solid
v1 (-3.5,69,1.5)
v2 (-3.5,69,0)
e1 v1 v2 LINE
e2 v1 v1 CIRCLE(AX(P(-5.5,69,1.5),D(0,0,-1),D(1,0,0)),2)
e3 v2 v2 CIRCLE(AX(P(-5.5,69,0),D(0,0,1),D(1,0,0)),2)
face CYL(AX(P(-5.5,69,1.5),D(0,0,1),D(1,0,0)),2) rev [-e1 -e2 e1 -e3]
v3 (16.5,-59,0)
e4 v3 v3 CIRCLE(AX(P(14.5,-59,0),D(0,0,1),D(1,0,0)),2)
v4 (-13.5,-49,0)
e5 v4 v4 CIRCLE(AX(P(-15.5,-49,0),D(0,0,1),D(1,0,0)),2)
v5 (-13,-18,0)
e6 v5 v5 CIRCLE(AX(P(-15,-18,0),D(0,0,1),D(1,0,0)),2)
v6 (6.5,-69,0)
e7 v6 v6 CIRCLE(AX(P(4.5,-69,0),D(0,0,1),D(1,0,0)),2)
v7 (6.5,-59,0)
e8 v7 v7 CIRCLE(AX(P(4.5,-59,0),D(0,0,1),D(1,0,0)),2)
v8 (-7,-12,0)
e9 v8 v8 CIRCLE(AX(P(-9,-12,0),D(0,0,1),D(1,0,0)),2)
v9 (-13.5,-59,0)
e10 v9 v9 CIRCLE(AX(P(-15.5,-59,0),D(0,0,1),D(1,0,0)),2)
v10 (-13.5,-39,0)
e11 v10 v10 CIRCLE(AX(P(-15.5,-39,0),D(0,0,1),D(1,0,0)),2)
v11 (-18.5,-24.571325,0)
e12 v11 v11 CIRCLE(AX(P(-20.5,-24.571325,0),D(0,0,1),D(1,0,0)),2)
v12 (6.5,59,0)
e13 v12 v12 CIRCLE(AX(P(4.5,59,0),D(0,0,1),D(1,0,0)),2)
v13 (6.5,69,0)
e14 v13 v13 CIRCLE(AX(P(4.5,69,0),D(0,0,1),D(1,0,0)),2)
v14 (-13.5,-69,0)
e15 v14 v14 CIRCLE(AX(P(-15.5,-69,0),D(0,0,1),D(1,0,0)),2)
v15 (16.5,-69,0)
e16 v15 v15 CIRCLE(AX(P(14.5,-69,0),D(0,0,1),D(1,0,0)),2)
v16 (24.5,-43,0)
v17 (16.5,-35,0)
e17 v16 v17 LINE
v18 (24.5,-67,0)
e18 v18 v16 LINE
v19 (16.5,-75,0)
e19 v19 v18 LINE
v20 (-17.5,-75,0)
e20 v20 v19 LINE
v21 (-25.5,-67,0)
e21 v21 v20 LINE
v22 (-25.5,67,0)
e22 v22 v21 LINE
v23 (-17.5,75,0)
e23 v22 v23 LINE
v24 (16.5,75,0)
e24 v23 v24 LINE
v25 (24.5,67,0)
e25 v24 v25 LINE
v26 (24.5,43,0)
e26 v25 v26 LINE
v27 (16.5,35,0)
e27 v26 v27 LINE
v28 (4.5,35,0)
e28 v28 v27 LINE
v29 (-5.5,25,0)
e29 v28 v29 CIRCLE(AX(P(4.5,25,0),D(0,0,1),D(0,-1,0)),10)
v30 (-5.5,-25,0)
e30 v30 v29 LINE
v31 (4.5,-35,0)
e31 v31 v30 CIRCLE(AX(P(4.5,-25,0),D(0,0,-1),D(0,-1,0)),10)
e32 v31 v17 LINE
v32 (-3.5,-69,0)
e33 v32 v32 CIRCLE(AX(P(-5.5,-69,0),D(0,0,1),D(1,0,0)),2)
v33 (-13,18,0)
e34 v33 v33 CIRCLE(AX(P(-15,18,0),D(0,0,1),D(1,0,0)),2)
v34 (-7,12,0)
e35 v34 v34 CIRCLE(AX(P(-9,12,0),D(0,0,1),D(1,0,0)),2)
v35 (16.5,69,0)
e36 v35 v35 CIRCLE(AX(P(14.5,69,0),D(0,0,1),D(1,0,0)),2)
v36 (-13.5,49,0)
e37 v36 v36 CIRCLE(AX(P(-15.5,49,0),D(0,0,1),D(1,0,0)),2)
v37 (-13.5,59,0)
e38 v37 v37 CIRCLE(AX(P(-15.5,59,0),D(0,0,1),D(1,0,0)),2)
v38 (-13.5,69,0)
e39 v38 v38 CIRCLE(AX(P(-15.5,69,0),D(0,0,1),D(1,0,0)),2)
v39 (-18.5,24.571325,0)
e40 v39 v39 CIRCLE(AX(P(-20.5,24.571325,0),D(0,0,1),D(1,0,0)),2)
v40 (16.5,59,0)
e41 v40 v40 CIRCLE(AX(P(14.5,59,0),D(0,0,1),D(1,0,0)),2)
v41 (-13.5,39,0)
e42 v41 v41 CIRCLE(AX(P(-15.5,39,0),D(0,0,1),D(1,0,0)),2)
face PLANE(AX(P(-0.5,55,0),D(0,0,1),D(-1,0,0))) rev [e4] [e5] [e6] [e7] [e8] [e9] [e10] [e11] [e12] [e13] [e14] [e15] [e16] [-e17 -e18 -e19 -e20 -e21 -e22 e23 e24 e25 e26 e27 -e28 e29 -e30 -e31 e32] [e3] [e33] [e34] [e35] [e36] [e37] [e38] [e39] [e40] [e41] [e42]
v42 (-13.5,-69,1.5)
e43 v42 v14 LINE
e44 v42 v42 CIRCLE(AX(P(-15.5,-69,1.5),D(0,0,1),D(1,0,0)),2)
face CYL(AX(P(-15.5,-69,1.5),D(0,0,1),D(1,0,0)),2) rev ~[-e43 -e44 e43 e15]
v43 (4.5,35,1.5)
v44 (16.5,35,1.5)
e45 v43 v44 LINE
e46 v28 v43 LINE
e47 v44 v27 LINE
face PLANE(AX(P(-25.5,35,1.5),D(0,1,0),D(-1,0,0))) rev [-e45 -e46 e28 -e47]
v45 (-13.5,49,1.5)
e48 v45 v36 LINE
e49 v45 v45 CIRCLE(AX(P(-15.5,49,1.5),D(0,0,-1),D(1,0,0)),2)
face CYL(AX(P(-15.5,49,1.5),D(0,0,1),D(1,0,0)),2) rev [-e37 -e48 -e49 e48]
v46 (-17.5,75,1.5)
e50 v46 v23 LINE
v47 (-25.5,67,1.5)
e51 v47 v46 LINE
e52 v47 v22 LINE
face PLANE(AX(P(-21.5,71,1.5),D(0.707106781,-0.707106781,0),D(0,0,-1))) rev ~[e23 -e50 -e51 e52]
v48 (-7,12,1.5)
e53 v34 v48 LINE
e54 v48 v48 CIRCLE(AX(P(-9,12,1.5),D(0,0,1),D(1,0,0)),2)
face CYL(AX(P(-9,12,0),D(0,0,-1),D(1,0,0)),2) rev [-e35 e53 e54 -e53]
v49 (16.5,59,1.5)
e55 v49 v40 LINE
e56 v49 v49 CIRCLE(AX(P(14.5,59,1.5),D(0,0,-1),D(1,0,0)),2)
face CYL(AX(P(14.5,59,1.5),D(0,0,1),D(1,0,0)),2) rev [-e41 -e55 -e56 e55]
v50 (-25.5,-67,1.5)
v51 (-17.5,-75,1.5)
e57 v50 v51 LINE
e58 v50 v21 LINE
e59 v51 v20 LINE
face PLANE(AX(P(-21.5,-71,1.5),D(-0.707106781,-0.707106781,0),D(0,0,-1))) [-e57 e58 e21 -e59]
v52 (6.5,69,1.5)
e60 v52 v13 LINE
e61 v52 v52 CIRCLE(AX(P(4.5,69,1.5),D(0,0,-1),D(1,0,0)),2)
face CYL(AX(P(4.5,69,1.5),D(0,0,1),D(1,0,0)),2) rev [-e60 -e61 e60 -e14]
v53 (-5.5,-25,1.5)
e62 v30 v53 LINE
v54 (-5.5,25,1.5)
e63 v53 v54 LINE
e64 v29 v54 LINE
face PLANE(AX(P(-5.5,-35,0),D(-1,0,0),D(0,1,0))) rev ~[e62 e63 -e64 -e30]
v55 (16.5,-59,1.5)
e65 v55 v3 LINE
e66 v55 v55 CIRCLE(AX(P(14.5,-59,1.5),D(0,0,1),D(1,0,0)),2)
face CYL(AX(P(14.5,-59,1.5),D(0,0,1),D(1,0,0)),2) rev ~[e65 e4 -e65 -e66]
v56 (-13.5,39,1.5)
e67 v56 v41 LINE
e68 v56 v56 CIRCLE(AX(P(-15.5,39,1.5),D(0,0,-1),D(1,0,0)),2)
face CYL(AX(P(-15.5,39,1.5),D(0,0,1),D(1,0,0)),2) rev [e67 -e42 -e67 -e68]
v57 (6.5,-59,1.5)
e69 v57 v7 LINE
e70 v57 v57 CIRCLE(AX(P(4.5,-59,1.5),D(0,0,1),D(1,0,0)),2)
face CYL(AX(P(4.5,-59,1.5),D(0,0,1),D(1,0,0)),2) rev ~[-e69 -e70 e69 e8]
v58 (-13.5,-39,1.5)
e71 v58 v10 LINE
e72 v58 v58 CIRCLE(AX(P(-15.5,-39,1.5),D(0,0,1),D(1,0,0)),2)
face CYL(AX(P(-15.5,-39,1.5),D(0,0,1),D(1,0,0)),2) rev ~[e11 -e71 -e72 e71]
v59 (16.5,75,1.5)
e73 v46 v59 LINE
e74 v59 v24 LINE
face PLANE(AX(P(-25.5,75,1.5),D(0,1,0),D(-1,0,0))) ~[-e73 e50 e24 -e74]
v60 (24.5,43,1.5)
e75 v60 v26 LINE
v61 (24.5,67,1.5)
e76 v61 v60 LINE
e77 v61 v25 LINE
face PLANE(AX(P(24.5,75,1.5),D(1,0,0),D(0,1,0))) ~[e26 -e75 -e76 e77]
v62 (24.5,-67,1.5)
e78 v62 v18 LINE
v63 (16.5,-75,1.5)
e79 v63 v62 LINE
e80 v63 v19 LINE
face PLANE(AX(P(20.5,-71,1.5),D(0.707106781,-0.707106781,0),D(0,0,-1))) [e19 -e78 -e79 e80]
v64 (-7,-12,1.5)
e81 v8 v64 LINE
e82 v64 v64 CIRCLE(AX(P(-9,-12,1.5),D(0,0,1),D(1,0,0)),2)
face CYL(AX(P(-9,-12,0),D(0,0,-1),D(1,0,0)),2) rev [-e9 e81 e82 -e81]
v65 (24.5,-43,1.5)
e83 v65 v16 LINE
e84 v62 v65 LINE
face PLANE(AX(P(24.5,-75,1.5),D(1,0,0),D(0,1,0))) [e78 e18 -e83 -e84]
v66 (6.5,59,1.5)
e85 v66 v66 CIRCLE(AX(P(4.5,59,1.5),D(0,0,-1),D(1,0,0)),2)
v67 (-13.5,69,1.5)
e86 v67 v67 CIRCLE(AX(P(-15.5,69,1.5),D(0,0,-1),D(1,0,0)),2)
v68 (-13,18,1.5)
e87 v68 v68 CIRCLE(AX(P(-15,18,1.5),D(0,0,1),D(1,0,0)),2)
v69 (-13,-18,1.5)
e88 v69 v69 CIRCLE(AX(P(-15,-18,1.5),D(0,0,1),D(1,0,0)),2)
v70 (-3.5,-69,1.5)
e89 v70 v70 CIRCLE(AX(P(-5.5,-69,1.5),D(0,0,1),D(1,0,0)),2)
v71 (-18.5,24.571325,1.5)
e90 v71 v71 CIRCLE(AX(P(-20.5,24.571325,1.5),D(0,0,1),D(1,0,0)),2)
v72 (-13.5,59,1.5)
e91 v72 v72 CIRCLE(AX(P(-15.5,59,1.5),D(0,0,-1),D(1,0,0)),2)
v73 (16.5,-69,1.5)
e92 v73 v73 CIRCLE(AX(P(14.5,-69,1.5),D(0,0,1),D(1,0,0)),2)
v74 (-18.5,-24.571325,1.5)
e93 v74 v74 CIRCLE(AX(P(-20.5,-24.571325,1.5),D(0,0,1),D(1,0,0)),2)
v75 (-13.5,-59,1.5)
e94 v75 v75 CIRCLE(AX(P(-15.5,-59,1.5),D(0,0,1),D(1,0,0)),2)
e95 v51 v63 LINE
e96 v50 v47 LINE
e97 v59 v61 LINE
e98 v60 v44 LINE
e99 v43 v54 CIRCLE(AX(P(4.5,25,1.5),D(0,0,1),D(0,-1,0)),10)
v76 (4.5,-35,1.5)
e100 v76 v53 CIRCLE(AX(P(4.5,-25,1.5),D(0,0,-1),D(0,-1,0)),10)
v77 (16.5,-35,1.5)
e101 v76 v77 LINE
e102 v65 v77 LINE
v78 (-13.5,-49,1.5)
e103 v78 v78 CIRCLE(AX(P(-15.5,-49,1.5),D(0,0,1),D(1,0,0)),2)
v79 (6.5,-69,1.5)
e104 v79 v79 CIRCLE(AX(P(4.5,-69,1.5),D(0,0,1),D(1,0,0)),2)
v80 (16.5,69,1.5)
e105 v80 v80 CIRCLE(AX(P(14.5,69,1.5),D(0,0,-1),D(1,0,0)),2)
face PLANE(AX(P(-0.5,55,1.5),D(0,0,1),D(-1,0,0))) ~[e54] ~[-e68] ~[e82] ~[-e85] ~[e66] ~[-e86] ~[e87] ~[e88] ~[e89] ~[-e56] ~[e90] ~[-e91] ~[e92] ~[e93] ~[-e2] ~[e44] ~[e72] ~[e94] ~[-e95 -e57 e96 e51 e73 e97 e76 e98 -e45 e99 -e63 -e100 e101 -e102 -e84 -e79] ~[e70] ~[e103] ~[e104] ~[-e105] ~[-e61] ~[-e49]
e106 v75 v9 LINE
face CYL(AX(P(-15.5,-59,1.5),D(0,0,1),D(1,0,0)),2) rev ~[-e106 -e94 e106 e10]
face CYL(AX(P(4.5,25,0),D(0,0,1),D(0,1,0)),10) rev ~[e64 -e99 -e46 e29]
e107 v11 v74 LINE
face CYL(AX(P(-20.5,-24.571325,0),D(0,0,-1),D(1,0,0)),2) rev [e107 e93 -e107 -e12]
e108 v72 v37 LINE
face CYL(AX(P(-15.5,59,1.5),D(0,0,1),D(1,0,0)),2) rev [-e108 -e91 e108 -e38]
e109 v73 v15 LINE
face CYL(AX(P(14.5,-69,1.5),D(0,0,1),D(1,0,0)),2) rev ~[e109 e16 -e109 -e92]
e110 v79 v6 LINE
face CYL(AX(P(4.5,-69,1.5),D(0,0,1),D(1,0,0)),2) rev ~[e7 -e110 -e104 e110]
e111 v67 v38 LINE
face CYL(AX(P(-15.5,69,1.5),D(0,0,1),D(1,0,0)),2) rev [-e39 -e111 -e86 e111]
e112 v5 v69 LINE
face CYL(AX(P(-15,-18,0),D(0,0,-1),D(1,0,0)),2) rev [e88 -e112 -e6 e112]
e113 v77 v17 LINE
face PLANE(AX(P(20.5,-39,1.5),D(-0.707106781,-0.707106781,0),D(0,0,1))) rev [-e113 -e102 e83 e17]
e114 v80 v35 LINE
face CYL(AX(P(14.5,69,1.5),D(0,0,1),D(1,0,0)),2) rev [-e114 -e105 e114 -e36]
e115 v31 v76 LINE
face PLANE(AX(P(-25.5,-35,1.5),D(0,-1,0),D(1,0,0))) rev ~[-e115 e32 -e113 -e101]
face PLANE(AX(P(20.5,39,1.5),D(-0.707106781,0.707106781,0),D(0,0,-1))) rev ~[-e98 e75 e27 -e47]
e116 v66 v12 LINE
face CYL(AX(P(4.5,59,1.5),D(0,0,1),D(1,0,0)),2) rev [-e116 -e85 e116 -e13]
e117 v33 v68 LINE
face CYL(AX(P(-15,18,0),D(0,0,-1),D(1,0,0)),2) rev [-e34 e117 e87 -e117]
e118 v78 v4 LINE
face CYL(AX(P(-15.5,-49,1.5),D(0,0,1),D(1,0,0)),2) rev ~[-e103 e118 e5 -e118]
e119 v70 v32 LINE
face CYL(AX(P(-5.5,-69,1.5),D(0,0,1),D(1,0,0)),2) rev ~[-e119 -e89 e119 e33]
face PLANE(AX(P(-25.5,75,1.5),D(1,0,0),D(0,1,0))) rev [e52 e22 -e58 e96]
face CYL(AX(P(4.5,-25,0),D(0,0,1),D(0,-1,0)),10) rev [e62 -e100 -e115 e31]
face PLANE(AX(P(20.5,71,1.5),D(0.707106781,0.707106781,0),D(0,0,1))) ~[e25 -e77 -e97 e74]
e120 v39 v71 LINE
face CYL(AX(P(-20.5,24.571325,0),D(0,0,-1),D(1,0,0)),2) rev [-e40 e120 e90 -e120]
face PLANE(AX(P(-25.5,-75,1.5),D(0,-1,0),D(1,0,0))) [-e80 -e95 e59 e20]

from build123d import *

# Parameters (mm, degrees)
SKETCH1_W           = 20
SKETCH1_H           = 70
SKETCH1_R           = 2
BOSS_EXTRUDE1_DEPTH = 1.5
SKETCH2_W           = 50
SKETCH2_H           = 40
BOSS_EXTRUDE2_DEPTH = 1.5
SKETCH3_R           = 2
CUT_EXTRUDE1_DEPTH  = 10
CHAMFER1_SIZE       = 8
FILLET1_R           = 10


with BuildPart() as part:
    # Sketch1 → Boss-Extrude1 (new body)
    with BuildSketch(Plane.XY):
        with Locations((-15.5, 0)):
            Rectangle(SKETCH1_W, SKETCH1_H)
        with Locations((-9, -12)):
            Circle(SKETCH1_R, mode=Mode.SUBTRACT)
        with Locations((-9, 12)):
            Circle(SKETCH1_R, mode=Mode.SUBTRACT)
        with Locations((-15, -18)):
            Circle(SKETCH1_R, mode=Mode.SUBTRACT)
        with Locations((-15, 18)):
            Circle(SKETCH1_R, mode=Mode.SUBTRACT)
        with Locations((-20.5, -24.571324751)):
            Circle(SKETCH1_R, mode=Mode.SUBTRACT)
        with Locations((-20.5, 24.571324751)):
            Circle(SKETCH1_R, mode=Mode.SUBTRACT)
    extrude(amount=BOSS_EXTRUDE1_DEPTH)

    # Sketch2 → Boss-Extrude2 (add)
    with BuildSketch(Plane.XY.offset(1.5)):
        with Locations((-0.5, -55)):
            Rectangle(SKETCH2_W, SKETCH2_H)
    boss_extrude2 = extrude(amount=-BOSS_EXTRUDE2_DEPTH)

    # Sketch3 → Cut-Extrude1 (cut)
    with BuildSketch(Plane.XY.offset(1.5)):
        with Locations((14.5, -69)):
            Circle(SKETCH3_R)
        with Locations((4.5, -69)):
            Circle(SKETCH3_R)
        with Locations((-5.5, -69)):
            Circle(SKETCH3_R)
        with Locations((-15.5, -69)):
            Circle(SKETCH3_R)
        with Locations((4.5, -59)):
            Circle(SKETCH3_R)
        with Locations((14.5, -59)):
            Circle(SKETCH3_R)
        with Locations((-15.5, -59)):
            Circle(SKETCH3_R)
        with Locations((-15.5, -49)):
            Circle(SKETCH3_R)
        with Locations((-15.5, -39)):
            Circle(SKETCH3_R)
    cut_extrude1 = extrude(amount=-CUT_EXTRUDE1_DEPTH, mode=Mode.SUBTRACT)

    # Mirror1: Boss-Extrude2, Cut-Extrude1 across plane
    add(boss_extrude2.mirror(Plane.ZX))
    add(cut_extrude1.mirror(Plane.ZX), mode=Mode.SUBTRACT)

    # Chamfer1
    chamfer1_edges = [part.edges().sort_by_distance(p)[0] for p in [
        (24.5, -75, 0.75),
        (24.5, -35, 0.75),
        (-25.5, -75, 0.75),
        (24.5, 35, 0.75),
        (-25.5, 75, 0.75),
        (24.5, 75, 0.75),
    ]]
    chamfer(chamfer1_edges, length=CHAMFER1_SIZE)

    # Fillet1
    fillet1_edges = [part.edges().sort_by_distance(p)[0] for p in [
        (-5.5, 35, 0.75),
        (-5.5, -35, 0.75),
    ]]
    fillet(fillet1_edges, radius=FILLET1_R)


solid = part.part
